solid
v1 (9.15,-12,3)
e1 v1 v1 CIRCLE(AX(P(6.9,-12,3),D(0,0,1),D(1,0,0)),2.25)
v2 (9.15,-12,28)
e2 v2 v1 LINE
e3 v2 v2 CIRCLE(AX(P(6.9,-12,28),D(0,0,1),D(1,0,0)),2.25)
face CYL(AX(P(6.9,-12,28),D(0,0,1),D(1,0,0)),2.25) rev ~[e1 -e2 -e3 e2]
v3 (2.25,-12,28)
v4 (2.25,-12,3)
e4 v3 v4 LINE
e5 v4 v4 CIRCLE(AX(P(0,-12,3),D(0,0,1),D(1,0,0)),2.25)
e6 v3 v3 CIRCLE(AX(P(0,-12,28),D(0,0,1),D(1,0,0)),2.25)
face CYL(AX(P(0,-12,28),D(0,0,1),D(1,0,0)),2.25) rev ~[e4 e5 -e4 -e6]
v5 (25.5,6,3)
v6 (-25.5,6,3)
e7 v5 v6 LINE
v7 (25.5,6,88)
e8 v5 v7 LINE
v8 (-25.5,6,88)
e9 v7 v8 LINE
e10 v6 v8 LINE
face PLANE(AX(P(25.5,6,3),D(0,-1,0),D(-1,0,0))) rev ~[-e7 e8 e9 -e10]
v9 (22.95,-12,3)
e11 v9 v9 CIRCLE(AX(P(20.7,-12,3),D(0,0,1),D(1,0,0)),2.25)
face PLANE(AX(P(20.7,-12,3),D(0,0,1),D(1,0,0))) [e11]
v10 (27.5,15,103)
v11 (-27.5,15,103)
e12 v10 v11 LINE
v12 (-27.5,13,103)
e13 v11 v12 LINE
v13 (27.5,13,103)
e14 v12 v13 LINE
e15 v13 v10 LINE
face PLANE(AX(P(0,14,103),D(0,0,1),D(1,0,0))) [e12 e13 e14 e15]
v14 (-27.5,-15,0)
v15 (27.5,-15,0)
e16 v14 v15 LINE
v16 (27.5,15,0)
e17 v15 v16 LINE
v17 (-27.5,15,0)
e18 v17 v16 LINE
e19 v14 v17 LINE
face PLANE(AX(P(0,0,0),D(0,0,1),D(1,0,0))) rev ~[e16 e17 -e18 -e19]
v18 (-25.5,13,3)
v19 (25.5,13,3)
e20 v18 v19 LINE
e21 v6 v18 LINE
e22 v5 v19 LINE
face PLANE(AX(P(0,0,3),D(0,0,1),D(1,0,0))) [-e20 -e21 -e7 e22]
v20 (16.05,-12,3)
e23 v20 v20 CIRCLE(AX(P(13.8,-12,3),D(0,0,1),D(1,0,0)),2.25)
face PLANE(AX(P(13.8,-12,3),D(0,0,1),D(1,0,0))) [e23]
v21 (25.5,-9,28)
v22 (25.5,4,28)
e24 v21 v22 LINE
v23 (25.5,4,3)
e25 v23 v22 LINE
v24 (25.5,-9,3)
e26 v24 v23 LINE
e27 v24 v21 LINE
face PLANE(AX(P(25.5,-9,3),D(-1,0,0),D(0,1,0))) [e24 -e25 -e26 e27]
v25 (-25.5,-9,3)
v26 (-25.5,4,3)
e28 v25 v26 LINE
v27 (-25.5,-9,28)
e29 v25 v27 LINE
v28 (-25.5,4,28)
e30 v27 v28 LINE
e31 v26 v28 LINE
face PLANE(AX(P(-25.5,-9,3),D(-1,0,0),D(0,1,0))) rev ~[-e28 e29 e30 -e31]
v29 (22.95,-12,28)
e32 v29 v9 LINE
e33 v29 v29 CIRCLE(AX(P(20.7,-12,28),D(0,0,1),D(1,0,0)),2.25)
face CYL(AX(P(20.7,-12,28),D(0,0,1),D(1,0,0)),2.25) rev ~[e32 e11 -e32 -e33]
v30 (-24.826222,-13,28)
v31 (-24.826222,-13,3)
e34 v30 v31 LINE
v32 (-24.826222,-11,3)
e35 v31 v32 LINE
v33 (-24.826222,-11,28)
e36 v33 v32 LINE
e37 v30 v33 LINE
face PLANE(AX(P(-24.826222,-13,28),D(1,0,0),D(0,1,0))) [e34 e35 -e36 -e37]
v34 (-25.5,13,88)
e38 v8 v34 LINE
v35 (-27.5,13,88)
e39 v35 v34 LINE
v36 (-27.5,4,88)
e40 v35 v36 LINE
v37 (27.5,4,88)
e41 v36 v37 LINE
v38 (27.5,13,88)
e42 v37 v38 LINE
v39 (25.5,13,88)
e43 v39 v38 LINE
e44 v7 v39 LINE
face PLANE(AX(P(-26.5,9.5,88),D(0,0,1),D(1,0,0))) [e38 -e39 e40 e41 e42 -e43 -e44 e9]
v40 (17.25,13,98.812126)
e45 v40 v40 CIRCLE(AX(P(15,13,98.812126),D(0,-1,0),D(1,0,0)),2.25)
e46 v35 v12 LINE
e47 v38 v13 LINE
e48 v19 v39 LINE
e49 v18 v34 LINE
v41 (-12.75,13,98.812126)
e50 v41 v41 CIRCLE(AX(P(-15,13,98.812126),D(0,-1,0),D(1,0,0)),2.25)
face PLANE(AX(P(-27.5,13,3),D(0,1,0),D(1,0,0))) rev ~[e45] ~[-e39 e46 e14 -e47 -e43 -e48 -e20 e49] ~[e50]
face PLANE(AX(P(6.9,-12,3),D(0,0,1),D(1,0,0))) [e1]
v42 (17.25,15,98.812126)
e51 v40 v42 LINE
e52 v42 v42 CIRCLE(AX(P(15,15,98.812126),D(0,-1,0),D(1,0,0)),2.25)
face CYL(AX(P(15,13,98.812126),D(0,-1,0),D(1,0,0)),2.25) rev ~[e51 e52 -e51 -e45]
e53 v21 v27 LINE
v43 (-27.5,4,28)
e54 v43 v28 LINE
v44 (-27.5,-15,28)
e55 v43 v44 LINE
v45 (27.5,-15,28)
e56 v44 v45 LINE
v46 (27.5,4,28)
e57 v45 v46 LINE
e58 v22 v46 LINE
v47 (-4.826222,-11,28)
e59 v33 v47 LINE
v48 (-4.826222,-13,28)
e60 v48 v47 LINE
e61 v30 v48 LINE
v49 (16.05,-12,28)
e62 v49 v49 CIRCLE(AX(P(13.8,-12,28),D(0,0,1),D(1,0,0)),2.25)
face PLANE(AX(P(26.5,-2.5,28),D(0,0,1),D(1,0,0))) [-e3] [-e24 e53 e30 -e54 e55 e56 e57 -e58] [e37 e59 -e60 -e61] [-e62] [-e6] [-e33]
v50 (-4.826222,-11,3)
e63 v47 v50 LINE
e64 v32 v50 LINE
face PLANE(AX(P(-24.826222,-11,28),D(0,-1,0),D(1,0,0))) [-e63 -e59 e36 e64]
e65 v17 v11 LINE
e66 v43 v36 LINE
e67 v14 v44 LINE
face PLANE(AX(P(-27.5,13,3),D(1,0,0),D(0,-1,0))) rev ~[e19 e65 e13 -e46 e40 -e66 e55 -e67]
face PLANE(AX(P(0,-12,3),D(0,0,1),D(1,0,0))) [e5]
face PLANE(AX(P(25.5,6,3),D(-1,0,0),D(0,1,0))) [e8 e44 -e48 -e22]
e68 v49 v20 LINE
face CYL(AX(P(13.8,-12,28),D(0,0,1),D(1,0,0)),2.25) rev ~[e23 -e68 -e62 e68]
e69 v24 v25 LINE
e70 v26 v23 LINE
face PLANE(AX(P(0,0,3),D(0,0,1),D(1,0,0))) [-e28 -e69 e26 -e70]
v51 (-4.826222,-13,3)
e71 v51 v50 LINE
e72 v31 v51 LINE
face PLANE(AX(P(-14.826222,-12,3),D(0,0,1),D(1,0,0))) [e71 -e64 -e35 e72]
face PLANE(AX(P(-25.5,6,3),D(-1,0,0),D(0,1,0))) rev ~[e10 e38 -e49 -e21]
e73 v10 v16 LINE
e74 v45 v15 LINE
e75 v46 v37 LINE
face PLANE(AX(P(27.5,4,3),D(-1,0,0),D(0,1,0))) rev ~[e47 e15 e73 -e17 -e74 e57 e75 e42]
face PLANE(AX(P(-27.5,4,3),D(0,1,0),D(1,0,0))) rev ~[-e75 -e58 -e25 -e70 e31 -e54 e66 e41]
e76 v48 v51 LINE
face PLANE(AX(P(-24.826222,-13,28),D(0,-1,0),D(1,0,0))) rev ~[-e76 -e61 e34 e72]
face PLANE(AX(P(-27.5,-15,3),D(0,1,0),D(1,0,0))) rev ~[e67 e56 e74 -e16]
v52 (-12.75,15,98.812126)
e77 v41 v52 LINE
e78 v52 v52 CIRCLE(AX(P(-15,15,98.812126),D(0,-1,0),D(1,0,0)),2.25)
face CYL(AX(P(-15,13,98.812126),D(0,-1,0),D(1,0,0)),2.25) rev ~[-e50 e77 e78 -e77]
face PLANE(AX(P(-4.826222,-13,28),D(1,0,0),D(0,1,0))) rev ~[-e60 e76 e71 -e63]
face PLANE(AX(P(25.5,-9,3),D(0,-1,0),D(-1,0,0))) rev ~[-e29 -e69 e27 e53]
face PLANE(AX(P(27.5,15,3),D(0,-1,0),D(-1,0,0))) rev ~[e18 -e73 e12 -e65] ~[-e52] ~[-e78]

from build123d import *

# Parameters (mm, degrees)
F0_W     = 55
F0_H     = 30
F1_DEPTH = 3
F3_DEPTH = 100
F2_W     = 2
F2_H     = 7
F4_DEPTH = 85
F2_H_2   = 13
F5_DEPTH = 25
F6_R     = 2.25
F6_W     = 20
F6_H     = 2
F7_DEPTH = 25
F8_R     = 2.25
F9_DEPTH = 2.001


with BuildPart() as f1:
    # F0 (on Top) → F1 (new body)
    with BuildSketch(Plane.XY):
        Rectangle(F0_W, F0_H)
    extrude(amount=F1_DEPTH)

    # F2 (on face) → F3 (join)
    with BuildSketch(Plane.XY.offset(3)):
        Polygon((27.5, 15), (-27.5, 15), (-27.5, 13), (-25.5, 13), (25.5, 13), (27.5, 13), align=None)
    extrude(amount=F3_DEPTH)

    # F2 (on face) → F4 (join)
    with BuildSketch(Plane.XY.offset(3)):
        with Locations((-26.5, 9.5)):
            Rectangle(F2_W, F2_H)
        Polygon((-25.5, 6), (-27.5, 6), (-27.5, 4), (-25.5, 4), (25.5, 4), (27.5, 4), (27.5, 6), (25.5, 6), align=None)
        with Locations((26.5, 9.5)):
            Rectangle(F2_W, F2_H)
    extrude(amount=F4_DEPTH)

    # F2 (on face) → F5 (join)
    with BuildSketch(Plane.XY.offset(3)):
        with Locations((26.5, -2.5)):
            Rectangle(F2_W, F2_H_2)
        Polygon((-25.5, -9), (-27.5, -9), (-27.5, -15), (27.5, -15), (27.5, -9), (25.5, -9), align=None)
        with Locations((-26.5, -2.5)):
            Rectangle(F2_W, F2_H_2)
    extrude(amount=F5_DEPTH)

    # F6 (on face) → F7 (cut)
    with BuildSketch(Plane.XY.offset(28)):
        with Locations((0, -12)):
            Circle(F6_R)
        with Locations((6.9, -12)):
            Circle(F6_R)
        with Locations((13.8, -12)):
            Circle(F6_R)
        with Locations((20.7, -12)):
            Circle(F6_R)
        with Locations((-14.826222, -12)):
            Rectangle(F6_W, F6_H)
    extrude(amount=-F7_DEPTH, mode=Mode.SUBTRACT)

    # F8 (on face) → F9 (cut, through all)
    with BuildSketch(Plane.XZ.offset(-13)):
        with Locations((-15, 98.812126)):
            Circle(F8_R)
        with Locations((15, 98.812126)):
            Circle(F8_R)
    extrude(amount=-F9_DEPTH, mode=Mode.SUBTRACT)


solid = f1.part
